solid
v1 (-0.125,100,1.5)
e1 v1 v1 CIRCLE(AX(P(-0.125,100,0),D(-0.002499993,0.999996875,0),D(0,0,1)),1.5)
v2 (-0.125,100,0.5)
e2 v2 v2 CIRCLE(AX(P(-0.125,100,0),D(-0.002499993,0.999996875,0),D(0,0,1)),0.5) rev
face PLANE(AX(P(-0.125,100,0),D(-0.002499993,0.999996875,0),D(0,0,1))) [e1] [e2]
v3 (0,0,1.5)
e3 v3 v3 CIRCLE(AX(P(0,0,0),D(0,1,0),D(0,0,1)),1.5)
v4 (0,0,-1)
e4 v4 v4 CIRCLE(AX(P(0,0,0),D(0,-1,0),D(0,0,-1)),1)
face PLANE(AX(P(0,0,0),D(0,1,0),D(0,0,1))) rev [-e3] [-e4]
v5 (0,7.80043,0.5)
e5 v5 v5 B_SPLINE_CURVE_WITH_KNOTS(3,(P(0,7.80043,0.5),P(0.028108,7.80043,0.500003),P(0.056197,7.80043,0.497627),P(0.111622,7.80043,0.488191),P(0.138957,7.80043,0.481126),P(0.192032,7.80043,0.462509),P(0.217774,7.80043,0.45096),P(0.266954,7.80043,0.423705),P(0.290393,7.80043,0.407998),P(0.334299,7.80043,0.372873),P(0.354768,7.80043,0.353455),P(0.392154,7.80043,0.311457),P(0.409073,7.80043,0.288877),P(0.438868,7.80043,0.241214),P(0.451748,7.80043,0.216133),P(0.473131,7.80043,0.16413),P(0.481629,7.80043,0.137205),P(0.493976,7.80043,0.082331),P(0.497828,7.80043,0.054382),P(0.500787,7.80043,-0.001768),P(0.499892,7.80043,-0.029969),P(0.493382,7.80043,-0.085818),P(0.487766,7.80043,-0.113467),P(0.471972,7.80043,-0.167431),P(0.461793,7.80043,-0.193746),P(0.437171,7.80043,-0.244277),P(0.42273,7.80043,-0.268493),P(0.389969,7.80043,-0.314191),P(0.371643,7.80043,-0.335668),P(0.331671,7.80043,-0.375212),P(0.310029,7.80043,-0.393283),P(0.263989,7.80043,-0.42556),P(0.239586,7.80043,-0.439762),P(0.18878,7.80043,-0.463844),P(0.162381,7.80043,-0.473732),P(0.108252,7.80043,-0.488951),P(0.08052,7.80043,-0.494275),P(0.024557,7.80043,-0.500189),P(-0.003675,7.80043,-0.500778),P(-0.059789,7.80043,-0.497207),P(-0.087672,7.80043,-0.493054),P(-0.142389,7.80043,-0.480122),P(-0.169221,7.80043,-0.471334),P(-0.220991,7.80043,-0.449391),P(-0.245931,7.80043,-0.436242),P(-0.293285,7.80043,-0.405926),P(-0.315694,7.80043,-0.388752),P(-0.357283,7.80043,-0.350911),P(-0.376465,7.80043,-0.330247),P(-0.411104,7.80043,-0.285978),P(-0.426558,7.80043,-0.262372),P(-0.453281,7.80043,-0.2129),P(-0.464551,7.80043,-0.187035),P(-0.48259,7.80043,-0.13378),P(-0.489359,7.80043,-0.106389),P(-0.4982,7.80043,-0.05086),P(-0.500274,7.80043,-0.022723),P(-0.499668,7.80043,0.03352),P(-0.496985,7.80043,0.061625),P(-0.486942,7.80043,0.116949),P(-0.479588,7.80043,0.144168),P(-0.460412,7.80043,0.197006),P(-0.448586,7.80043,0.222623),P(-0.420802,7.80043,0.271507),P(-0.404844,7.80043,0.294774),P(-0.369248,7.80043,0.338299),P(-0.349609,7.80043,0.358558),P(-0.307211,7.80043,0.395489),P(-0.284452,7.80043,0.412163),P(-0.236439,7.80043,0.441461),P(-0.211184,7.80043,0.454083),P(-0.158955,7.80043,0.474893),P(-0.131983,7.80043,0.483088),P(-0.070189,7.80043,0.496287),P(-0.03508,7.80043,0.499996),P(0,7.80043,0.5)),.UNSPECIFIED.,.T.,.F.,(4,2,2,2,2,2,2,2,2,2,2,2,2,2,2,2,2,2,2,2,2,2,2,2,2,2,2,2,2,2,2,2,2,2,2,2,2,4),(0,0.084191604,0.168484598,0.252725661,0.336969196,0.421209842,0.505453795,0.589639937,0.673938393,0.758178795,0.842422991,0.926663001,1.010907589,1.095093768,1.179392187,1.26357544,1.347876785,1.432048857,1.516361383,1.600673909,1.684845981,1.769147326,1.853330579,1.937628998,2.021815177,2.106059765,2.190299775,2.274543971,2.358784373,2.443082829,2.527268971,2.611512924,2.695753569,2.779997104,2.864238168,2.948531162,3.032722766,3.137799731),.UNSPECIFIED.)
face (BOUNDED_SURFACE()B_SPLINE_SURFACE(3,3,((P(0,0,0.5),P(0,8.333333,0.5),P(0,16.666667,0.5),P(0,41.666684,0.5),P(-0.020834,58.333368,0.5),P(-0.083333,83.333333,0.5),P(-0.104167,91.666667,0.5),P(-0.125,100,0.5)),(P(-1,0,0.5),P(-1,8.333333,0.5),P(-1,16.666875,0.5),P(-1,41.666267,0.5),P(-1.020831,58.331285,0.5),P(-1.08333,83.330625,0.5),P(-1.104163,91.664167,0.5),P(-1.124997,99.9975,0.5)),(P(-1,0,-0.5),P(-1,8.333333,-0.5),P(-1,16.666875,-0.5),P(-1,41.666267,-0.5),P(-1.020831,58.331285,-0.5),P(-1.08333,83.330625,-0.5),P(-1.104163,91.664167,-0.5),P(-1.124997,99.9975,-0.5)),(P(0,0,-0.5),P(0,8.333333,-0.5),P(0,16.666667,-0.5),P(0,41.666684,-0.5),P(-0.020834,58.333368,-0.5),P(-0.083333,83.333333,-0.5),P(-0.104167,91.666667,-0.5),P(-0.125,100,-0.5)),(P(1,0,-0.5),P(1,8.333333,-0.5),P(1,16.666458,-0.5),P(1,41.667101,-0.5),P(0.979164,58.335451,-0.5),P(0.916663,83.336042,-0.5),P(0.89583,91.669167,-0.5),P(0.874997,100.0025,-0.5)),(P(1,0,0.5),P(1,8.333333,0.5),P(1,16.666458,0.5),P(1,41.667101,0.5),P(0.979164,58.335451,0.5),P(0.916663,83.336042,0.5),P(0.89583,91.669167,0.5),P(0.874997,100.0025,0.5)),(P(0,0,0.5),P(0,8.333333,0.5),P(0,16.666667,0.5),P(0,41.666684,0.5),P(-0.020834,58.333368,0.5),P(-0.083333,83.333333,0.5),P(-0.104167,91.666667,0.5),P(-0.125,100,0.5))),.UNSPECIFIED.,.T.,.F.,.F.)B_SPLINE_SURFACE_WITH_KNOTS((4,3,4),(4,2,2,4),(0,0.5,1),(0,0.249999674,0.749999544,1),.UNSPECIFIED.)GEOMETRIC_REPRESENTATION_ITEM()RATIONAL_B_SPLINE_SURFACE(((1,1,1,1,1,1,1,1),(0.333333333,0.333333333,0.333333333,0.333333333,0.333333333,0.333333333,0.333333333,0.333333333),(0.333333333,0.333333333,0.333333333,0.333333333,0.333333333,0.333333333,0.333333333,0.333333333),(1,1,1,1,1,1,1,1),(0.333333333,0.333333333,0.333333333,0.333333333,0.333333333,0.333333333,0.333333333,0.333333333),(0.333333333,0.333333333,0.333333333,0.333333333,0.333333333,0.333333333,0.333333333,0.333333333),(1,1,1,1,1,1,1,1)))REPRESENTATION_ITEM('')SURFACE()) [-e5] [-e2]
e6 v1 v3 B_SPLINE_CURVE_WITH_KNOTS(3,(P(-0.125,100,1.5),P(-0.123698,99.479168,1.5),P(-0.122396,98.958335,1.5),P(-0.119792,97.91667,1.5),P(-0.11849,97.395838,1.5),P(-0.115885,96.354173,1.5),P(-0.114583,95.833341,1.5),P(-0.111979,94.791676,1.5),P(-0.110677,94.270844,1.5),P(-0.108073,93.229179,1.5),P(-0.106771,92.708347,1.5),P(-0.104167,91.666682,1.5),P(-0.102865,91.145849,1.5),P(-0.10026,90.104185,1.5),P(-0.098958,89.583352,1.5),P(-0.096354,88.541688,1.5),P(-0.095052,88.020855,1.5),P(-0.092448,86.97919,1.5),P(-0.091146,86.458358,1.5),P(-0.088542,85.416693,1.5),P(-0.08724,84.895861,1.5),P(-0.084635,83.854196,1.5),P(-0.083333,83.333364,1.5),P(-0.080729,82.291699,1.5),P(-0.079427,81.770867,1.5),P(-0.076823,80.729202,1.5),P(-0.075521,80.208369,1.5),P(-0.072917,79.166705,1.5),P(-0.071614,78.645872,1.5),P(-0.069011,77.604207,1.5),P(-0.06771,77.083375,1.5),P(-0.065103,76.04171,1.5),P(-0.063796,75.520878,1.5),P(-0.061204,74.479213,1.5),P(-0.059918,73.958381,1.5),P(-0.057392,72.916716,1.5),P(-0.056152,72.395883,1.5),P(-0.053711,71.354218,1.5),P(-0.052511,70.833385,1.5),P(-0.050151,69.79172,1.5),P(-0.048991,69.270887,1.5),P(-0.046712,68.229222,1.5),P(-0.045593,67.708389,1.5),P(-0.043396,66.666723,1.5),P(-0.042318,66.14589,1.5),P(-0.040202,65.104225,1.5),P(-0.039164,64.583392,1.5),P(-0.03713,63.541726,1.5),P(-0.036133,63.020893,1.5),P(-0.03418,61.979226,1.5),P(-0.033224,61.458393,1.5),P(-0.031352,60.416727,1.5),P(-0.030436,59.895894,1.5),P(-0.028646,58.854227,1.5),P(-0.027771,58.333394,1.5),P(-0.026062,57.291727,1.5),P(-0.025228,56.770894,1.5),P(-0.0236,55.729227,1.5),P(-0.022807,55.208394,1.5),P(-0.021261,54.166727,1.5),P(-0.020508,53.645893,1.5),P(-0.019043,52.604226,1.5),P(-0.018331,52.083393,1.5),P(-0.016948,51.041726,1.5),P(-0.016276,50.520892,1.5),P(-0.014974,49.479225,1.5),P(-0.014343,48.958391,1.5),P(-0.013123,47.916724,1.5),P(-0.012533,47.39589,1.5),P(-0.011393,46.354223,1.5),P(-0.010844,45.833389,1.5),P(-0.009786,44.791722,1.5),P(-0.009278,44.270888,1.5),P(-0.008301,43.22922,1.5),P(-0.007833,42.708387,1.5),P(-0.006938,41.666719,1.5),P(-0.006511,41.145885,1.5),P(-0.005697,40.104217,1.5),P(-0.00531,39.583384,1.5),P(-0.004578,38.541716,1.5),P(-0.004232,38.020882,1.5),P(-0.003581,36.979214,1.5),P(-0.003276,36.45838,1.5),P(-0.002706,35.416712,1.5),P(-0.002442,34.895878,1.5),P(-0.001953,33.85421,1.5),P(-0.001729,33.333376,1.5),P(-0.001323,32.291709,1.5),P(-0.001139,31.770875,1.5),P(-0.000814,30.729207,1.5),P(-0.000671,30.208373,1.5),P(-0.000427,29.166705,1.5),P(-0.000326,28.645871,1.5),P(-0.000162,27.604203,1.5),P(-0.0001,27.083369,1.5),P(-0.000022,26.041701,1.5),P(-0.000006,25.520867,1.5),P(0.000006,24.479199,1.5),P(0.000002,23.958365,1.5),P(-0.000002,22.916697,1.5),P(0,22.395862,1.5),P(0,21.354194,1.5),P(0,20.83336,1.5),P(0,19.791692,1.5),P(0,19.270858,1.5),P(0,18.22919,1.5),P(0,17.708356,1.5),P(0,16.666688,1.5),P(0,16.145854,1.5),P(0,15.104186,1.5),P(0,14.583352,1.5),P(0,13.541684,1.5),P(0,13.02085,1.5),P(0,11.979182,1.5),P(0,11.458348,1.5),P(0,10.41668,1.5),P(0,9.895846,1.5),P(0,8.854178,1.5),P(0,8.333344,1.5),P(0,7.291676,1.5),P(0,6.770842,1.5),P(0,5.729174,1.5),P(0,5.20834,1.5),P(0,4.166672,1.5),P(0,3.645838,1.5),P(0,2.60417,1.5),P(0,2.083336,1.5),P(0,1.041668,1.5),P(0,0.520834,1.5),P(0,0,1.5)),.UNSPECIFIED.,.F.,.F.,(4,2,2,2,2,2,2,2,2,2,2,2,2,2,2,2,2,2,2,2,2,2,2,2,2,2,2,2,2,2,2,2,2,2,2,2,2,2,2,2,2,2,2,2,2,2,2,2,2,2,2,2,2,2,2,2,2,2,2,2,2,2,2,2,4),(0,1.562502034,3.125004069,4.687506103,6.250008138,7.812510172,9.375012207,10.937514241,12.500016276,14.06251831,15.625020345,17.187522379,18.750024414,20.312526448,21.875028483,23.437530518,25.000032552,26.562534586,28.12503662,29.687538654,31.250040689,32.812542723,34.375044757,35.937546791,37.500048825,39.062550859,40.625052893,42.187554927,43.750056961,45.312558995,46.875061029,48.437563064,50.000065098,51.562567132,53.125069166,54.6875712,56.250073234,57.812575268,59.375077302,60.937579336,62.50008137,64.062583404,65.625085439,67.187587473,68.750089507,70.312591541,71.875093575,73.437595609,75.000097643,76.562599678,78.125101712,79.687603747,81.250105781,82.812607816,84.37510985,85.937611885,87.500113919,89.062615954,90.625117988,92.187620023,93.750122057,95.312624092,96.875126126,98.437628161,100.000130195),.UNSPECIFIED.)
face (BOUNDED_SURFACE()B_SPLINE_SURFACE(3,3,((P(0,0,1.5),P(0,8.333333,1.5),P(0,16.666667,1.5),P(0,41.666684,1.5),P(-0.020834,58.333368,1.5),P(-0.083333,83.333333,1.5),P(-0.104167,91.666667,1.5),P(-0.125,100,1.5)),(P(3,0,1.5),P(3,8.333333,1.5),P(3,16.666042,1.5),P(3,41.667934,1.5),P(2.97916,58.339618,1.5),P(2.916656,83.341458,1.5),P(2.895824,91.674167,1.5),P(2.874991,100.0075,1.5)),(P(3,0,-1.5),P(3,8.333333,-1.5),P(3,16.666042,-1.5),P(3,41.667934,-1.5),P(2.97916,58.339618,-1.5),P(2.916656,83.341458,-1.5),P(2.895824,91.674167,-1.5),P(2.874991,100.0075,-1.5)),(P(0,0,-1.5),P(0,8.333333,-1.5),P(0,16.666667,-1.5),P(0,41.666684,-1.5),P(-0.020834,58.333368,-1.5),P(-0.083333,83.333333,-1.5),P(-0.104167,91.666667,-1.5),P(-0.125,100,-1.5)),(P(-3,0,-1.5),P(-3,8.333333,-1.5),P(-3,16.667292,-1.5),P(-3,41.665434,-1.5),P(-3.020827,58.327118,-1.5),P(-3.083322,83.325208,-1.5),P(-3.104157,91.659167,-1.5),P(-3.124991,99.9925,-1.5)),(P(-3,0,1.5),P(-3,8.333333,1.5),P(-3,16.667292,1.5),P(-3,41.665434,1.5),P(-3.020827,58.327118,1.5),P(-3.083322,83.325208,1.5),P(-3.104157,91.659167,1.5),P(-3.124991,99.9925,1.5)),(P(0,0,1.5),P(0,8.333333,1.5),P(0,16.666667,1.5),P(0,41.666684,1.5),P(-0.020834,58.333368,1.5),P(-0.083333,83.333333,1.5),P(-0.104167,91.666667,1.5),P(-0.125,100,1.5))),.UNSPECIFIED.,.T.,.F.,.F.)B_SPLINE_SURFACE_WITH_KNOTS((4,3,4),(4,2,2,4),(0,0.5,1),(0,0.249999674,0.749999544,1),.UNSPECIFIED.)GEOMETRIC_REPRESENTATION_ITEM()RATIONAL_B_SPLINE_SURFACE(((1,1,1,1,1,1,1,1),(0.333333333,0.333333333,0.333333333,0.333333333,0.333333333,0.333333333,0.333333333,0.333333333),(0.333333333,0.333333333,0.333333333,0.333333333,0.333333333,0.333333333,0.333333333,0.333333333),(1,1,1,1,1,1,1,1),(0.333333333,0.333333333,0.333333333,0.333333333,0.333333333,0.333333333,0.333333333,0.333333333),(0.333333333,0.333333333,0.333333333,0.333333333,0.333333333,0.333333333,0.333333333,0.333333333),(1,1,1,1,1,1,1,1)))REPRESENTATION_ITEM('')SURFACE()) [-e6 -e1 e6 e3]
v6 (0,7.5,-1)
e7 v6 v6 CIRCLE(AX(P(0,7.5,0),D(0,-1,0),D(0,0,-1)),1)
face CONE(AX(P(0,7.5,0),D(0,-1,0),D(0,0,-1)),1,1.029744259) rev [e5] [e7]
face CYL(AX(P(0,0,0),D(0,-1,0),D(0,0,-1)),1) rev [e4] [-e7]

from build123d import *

# Parameters (mm, degrees)
SKETCH1_R                 = 1.5
SKETCH1_R_2               = 0.5
F_2_0MM_DOWEL_HOLE1_D     = 2
F_2_0MM_DOWEL_HOLE1_DEPTH = 7.5
F_2_0MM_DOWEL_HOLE1_TIP   = 0.600860619


with BuildPart() as part:
    # Sweep1: sweep along a path in Sketch2
    with BuildLine(Plane.XY) as sweep1_path:
        Line((0, 0), (0, 25))
        ThreePointArc((0, 25), (-0.015624988, 50.000019531), (-0.062499927, 75))
        Line((-0.062499927, 75), (-0.124999951, 100))
    # Sketch1 → Sweep1 (sweep)
    with BuildSketch(Plane(origin=(0, 0, 0), x_dir=(1, 0, 0), z_dir=(0, 1, 0))):
        Circle(SKETCH1_R)
        Circle(SKETCH1_R_2, mode=Mode.SUBTRACT)
    sweep(path=sweep1_path.line)

    # Ø2.0mm Dowel Hole1
    with Locations(Plane(origin=(0, 0, 0), x_dir=(-1, 0, 0), z_dir=(0, -1, 0))):
        with Locations((0, 0)):
            Hole(F_2_0MM_DOWEL_HOLE1_D / 2, depth=F_2_0MM_DOWEL_HOLE1_DEPTH)
            with Locations((0, 0, -(F_2_0MM_DOWEL_HOLE1_DEPTH + F_2_0MM_DOWEL_HOLE1_TIP / 2))):  # 118° drill point
                Cone(0, F_2_0MM_DOWEL_HOLE1_D / 2, F_2_0MM_DOWEL_HOLE1_TIP, mode=Mode.SUBTRACT)


solid = part.part
